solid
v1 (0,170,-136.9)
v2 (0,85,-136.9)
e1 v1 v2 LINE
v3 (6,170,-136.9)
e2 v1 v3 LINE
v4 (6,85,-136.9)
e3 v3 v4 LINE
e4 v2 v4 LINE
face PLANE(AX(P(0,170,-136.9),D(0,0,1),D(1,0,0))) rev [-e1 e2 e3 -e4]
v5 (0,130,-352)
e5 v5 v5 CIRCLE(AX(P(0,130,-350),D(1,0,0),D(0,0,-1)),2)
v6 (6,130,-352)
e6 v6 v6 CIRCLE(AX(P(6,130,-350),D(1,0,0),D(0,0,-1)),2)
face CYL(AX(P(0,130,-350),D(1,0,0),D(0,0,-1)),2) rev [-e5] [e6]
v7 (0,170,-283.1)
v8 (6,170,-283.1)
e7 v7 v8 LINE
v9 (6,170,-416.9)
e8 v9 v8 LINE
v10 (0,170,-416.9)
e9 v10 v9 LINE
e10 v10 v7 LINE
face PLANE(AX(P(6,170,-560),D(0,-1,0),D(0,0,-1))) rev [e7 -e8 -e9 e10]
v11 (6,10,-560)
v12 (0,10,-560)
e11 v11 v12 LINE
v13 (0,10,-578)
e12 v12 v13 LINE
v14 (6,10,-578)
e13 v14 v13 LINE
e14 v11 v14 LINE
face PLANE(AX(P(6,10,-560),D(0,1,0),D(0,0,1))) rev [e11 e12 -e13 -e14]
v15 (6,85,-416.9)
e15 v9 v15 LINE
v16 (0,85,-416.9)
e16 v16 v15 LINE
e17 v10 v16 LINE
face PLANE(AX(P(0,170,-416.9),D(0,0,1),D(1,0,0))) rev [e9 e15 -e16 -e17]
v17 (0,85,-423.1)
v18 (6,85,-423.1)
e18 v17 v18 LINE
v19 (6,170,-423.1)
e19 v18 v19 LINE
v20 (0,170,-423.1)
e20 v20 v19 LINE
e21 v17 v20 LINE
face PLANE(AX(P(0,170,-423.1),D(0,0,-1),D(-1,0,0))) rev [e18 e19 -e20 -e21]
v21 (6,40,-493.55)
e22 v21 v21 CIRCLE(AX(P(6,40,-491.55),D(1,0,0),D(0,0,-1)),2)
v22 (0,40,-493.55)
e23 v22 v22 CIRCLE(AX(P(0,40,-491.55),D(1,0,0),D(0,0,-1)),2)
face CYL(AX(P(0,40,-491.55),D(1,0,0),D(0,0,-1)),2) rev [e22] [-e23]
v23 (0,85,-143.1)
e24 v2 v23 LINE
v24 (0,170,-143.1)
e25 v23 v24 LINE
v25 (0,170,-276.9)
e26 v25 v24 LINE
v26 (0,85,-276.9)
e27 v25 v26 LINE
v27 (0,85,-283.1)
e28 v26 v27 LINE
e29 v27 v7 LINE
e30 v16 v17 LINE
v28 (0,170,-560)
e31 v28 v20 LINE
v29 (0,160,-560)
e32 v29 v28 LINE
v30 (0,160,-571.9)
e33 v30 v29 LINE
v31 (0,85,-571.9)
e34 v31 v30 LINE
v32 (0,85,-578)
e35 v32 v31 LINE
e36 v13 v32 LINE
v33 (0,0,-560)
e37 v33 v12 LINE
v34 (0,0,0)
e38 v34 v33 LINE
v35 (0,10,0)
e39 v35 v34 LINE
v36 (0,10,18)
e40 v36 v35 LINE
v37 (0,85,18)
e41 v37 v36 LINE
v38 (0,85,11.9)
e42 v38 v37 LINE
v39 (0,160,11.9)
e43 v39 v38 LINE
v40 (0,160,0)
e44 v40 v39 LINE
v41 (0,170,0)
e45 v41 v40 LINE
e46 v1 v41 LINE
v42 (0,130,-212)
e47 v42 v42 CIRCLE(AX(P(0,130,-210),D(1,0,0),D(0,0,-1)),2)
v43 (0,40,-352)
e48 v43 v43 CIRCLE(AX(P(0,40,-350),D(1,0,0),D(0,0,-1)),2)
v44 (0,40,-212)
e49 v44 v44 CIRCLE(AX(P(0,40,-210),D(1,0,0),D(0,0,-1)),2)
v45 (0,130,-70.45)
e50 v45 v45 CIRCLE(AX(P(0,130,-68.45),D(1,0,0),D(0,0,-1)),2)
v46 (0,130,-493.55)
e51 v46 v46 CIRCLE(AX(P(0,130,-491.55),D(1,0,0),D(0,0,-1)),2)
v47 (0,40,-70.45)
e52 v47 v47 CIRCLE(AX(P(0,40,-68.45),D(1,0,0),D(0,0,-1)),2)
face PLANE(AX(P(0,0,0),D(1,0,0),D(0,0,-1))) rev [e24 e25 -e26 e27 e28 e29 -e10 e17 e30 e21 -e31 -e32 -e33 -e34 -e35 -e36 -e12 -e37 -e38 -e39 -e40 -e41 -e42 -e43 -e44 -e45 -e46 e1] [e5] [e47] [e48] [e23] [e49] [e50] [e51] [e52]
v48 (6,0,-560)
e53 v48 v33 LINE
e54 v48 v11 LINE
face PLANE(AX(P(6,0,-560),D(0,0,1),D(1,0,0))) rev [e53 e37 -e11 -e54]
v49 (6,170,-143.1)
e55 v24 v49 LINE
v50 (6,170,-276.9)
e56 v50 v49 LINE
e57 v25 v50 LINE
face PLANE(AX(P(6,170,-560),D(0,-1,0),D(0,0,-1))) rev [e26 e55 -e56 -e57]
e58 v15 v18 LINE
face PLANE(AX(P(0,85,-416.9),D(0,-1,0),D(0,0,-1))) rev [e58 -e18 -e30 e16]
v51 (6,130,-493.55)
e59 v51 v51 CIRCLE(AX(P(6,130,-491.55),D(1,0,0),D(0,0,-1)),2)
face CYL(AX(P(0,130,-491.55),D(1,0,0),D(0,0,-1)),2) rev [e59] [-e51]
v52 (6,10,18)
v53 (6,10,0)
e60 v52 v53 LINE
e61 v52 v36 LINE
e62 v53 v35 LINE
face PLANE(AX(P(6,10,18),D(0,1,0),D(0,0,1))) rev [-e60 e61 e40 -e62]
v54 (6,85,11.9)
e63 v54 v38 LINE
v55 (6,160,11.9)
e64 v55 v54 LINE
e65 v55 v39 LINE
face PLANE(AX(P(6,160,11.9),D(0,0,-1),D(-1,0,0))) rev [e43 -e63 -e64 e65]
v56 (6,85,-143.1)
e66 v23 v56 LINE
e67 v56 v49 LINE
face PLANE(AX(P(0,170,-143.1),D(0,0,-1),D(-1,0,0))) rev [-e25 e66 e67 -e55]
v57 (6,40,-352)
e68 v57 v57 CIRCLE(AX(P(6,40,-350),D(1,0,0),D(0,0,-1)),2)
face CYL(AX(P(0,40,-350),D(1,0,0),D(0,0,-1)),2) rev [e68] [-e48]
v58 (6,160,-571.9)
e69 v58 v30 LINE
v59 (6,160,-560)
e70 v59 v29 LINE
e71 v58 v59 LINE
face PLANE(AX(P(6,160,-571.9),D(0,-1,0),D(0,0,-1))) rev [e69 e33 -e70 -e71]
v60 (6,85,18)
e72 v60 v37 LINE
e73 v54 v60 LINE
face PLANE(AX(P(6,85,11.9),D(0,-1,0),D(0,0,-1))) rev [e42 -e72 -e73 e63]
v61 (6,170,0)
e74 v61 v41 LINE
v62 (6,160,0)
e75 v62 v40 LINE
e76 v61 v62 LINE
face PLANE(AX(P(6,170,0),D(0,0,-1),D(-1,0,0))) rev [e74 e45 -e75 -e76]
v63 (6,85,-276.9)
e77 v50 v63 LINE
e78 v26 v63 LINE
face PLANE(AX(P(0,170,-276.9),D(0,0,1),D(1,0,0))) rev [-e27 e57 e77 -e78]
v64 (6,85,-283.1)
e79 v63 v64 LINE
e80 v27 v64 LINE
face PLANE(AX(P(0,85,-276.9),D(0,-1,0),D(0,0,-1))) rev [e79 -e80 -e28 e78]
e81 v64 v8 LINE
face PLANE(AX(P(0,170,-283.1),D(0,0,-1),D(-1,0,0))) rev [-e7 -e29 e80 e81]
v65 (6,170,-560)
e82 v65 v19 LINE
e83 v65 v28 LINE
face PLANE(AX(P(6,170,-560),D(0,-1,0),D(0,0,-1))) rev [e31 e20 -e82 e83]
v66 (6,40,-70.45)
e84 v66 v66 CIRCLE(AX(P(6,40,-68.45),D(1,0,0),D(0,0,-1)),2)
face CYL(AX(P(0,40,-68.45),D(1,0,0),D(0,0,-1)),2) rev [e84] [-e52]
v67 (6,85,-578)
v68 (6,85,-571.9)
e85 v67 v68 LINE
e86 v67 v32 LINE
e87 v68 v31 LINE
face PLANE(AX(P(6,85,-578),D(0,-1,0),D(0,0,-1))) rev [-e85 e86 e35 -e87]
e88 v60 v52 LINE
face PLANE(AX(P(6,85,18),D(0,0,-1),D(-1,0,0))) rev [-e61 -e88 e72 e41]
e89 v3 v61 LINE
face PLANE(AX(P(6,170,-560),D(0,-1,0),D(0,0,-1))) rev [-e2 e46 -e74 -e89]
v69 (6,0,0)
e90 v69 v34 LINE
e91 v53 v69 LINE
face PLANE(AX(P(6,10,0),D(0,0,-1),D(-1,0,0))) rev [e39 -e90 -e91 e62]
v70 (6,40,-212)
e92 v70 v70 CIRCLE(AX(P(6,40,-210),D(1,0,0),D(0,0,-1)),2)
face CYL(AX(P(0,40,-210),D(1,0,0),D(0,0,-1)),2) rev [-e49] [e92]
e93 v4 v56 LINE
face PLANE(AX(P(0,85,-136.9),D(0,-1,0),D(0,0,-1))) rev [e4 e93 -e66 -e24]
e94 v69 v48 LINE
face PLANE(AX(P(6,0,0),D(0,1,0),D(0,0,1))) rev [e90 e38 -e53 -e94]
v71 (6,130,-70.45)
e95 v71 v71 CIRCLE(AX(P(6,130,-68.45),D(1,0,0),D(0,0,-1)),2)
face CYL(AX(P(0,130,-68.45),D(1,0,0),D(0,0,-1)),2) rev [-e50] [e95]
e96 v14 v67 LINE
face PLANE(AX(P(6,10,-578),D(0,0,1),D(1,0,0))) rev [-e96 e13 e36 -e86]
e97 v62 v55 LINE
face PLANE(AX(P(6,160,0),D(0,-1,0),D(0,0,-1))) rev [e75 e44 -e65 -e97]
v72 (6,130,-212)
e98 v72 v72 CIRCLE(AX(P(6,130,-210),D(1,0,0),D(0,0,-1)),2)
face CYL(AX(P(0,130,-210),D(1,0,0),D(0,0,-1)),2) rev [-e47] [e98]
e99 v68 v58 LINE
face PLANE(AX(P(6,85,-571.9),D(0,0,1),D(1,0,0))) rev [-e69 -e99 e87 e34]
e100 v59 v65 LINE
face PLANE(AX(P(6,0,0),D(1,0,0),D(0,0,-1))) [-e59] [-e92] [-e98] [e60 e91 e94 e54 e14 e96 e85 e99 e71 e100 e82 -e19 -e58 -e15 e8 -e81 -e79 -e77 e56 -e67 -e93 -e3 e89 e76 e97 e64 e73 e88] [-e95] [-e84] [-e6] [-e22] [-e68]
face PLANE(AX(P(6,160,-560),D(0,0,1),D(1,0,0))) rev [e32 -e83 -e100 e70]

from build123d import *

# Parameters (mm, degrees)
BOSS_EXTRUDE1_DEPTH = 6
SKETCH2_W           = 6.2
SKETCH2_H           = 85
CUT_EXTRUDE1_DEPTH  = 6
SKETCH3_R           = 2
CUT_EXTRUDE2_DEPTH  = 6


with BuildPart() as part:
    # Sketch1 → Boss-Extrude1 (new body)
    with BuildSketch(Plane(origin=(0, 0, 0), x_dir=(0, 0, -1), z_dir=(1, 0, 0))):
        Polygon((0, 0), (560, 0), (560, 10), (578, 10), (578, 85), (571.9, 85), (571.9, 160), (560, 160), (560, 170), (0, 170), (0, 160), (-11.9, 160), (-11.9, 85), (-18, 85), (-18, 10), (0, 10), align=None)
    extrude(amount=BOSS_EXTRUDE1_DEPTH)

    # Sketch2 → Cut-Extrude1 (cut)
    with BuildSketch(Plane(origin=(6, 0, 0), x_dir=(0, 0, -1), z_dir=(1, 0, 0))):
        with Locations((140, 127.5)):
            Rectangle(SKETCH2_W, SKETCH2_H)
        with Locations((280, 127.5)):
            Rectangle(SKETCH2_W, SKETCH2_H)
        with Locations((420, 127.5)):
            Rectangle(SKETCH2_W, SKETCH2_H)
    extrude(amount=-CUT_EXTRUDE1_DEPTH, mode=Mode.SUBTRACT)

    # Sketch3 → Cut-Extrude2 (cut)
    with BuildSketch(Plane(origin=(6, 0, 0), x_dir=(0, 0, -1), z_dir=(1, 0, 0))):
        with Locations((68.45, 130)):
            Circle(SKETCH3_R)
        with Locations((68.45, 40)):
            Circle(SKETCH3_R)
        with Locations((210, 130)):
            Circle(SKETCH3_R)
        with Locations((210, 40)):
            Circle(SKETCH3_R)
        with Locations((350, 130)):
            Circle(SKETCH3_R)
        with Locations((350, 40)):
            Circle(SKETCH3_R)
        with Locations((491.55, 130)):
            Circle(SKETCH3_R)
        with Locations((491.55, 40)):
            Circle(SKETCH3_R)
    extrude(amount=-CUT_EXTRUDE2_DEPTH, mode=Mode.SUBTRACT)


solid = part.part
